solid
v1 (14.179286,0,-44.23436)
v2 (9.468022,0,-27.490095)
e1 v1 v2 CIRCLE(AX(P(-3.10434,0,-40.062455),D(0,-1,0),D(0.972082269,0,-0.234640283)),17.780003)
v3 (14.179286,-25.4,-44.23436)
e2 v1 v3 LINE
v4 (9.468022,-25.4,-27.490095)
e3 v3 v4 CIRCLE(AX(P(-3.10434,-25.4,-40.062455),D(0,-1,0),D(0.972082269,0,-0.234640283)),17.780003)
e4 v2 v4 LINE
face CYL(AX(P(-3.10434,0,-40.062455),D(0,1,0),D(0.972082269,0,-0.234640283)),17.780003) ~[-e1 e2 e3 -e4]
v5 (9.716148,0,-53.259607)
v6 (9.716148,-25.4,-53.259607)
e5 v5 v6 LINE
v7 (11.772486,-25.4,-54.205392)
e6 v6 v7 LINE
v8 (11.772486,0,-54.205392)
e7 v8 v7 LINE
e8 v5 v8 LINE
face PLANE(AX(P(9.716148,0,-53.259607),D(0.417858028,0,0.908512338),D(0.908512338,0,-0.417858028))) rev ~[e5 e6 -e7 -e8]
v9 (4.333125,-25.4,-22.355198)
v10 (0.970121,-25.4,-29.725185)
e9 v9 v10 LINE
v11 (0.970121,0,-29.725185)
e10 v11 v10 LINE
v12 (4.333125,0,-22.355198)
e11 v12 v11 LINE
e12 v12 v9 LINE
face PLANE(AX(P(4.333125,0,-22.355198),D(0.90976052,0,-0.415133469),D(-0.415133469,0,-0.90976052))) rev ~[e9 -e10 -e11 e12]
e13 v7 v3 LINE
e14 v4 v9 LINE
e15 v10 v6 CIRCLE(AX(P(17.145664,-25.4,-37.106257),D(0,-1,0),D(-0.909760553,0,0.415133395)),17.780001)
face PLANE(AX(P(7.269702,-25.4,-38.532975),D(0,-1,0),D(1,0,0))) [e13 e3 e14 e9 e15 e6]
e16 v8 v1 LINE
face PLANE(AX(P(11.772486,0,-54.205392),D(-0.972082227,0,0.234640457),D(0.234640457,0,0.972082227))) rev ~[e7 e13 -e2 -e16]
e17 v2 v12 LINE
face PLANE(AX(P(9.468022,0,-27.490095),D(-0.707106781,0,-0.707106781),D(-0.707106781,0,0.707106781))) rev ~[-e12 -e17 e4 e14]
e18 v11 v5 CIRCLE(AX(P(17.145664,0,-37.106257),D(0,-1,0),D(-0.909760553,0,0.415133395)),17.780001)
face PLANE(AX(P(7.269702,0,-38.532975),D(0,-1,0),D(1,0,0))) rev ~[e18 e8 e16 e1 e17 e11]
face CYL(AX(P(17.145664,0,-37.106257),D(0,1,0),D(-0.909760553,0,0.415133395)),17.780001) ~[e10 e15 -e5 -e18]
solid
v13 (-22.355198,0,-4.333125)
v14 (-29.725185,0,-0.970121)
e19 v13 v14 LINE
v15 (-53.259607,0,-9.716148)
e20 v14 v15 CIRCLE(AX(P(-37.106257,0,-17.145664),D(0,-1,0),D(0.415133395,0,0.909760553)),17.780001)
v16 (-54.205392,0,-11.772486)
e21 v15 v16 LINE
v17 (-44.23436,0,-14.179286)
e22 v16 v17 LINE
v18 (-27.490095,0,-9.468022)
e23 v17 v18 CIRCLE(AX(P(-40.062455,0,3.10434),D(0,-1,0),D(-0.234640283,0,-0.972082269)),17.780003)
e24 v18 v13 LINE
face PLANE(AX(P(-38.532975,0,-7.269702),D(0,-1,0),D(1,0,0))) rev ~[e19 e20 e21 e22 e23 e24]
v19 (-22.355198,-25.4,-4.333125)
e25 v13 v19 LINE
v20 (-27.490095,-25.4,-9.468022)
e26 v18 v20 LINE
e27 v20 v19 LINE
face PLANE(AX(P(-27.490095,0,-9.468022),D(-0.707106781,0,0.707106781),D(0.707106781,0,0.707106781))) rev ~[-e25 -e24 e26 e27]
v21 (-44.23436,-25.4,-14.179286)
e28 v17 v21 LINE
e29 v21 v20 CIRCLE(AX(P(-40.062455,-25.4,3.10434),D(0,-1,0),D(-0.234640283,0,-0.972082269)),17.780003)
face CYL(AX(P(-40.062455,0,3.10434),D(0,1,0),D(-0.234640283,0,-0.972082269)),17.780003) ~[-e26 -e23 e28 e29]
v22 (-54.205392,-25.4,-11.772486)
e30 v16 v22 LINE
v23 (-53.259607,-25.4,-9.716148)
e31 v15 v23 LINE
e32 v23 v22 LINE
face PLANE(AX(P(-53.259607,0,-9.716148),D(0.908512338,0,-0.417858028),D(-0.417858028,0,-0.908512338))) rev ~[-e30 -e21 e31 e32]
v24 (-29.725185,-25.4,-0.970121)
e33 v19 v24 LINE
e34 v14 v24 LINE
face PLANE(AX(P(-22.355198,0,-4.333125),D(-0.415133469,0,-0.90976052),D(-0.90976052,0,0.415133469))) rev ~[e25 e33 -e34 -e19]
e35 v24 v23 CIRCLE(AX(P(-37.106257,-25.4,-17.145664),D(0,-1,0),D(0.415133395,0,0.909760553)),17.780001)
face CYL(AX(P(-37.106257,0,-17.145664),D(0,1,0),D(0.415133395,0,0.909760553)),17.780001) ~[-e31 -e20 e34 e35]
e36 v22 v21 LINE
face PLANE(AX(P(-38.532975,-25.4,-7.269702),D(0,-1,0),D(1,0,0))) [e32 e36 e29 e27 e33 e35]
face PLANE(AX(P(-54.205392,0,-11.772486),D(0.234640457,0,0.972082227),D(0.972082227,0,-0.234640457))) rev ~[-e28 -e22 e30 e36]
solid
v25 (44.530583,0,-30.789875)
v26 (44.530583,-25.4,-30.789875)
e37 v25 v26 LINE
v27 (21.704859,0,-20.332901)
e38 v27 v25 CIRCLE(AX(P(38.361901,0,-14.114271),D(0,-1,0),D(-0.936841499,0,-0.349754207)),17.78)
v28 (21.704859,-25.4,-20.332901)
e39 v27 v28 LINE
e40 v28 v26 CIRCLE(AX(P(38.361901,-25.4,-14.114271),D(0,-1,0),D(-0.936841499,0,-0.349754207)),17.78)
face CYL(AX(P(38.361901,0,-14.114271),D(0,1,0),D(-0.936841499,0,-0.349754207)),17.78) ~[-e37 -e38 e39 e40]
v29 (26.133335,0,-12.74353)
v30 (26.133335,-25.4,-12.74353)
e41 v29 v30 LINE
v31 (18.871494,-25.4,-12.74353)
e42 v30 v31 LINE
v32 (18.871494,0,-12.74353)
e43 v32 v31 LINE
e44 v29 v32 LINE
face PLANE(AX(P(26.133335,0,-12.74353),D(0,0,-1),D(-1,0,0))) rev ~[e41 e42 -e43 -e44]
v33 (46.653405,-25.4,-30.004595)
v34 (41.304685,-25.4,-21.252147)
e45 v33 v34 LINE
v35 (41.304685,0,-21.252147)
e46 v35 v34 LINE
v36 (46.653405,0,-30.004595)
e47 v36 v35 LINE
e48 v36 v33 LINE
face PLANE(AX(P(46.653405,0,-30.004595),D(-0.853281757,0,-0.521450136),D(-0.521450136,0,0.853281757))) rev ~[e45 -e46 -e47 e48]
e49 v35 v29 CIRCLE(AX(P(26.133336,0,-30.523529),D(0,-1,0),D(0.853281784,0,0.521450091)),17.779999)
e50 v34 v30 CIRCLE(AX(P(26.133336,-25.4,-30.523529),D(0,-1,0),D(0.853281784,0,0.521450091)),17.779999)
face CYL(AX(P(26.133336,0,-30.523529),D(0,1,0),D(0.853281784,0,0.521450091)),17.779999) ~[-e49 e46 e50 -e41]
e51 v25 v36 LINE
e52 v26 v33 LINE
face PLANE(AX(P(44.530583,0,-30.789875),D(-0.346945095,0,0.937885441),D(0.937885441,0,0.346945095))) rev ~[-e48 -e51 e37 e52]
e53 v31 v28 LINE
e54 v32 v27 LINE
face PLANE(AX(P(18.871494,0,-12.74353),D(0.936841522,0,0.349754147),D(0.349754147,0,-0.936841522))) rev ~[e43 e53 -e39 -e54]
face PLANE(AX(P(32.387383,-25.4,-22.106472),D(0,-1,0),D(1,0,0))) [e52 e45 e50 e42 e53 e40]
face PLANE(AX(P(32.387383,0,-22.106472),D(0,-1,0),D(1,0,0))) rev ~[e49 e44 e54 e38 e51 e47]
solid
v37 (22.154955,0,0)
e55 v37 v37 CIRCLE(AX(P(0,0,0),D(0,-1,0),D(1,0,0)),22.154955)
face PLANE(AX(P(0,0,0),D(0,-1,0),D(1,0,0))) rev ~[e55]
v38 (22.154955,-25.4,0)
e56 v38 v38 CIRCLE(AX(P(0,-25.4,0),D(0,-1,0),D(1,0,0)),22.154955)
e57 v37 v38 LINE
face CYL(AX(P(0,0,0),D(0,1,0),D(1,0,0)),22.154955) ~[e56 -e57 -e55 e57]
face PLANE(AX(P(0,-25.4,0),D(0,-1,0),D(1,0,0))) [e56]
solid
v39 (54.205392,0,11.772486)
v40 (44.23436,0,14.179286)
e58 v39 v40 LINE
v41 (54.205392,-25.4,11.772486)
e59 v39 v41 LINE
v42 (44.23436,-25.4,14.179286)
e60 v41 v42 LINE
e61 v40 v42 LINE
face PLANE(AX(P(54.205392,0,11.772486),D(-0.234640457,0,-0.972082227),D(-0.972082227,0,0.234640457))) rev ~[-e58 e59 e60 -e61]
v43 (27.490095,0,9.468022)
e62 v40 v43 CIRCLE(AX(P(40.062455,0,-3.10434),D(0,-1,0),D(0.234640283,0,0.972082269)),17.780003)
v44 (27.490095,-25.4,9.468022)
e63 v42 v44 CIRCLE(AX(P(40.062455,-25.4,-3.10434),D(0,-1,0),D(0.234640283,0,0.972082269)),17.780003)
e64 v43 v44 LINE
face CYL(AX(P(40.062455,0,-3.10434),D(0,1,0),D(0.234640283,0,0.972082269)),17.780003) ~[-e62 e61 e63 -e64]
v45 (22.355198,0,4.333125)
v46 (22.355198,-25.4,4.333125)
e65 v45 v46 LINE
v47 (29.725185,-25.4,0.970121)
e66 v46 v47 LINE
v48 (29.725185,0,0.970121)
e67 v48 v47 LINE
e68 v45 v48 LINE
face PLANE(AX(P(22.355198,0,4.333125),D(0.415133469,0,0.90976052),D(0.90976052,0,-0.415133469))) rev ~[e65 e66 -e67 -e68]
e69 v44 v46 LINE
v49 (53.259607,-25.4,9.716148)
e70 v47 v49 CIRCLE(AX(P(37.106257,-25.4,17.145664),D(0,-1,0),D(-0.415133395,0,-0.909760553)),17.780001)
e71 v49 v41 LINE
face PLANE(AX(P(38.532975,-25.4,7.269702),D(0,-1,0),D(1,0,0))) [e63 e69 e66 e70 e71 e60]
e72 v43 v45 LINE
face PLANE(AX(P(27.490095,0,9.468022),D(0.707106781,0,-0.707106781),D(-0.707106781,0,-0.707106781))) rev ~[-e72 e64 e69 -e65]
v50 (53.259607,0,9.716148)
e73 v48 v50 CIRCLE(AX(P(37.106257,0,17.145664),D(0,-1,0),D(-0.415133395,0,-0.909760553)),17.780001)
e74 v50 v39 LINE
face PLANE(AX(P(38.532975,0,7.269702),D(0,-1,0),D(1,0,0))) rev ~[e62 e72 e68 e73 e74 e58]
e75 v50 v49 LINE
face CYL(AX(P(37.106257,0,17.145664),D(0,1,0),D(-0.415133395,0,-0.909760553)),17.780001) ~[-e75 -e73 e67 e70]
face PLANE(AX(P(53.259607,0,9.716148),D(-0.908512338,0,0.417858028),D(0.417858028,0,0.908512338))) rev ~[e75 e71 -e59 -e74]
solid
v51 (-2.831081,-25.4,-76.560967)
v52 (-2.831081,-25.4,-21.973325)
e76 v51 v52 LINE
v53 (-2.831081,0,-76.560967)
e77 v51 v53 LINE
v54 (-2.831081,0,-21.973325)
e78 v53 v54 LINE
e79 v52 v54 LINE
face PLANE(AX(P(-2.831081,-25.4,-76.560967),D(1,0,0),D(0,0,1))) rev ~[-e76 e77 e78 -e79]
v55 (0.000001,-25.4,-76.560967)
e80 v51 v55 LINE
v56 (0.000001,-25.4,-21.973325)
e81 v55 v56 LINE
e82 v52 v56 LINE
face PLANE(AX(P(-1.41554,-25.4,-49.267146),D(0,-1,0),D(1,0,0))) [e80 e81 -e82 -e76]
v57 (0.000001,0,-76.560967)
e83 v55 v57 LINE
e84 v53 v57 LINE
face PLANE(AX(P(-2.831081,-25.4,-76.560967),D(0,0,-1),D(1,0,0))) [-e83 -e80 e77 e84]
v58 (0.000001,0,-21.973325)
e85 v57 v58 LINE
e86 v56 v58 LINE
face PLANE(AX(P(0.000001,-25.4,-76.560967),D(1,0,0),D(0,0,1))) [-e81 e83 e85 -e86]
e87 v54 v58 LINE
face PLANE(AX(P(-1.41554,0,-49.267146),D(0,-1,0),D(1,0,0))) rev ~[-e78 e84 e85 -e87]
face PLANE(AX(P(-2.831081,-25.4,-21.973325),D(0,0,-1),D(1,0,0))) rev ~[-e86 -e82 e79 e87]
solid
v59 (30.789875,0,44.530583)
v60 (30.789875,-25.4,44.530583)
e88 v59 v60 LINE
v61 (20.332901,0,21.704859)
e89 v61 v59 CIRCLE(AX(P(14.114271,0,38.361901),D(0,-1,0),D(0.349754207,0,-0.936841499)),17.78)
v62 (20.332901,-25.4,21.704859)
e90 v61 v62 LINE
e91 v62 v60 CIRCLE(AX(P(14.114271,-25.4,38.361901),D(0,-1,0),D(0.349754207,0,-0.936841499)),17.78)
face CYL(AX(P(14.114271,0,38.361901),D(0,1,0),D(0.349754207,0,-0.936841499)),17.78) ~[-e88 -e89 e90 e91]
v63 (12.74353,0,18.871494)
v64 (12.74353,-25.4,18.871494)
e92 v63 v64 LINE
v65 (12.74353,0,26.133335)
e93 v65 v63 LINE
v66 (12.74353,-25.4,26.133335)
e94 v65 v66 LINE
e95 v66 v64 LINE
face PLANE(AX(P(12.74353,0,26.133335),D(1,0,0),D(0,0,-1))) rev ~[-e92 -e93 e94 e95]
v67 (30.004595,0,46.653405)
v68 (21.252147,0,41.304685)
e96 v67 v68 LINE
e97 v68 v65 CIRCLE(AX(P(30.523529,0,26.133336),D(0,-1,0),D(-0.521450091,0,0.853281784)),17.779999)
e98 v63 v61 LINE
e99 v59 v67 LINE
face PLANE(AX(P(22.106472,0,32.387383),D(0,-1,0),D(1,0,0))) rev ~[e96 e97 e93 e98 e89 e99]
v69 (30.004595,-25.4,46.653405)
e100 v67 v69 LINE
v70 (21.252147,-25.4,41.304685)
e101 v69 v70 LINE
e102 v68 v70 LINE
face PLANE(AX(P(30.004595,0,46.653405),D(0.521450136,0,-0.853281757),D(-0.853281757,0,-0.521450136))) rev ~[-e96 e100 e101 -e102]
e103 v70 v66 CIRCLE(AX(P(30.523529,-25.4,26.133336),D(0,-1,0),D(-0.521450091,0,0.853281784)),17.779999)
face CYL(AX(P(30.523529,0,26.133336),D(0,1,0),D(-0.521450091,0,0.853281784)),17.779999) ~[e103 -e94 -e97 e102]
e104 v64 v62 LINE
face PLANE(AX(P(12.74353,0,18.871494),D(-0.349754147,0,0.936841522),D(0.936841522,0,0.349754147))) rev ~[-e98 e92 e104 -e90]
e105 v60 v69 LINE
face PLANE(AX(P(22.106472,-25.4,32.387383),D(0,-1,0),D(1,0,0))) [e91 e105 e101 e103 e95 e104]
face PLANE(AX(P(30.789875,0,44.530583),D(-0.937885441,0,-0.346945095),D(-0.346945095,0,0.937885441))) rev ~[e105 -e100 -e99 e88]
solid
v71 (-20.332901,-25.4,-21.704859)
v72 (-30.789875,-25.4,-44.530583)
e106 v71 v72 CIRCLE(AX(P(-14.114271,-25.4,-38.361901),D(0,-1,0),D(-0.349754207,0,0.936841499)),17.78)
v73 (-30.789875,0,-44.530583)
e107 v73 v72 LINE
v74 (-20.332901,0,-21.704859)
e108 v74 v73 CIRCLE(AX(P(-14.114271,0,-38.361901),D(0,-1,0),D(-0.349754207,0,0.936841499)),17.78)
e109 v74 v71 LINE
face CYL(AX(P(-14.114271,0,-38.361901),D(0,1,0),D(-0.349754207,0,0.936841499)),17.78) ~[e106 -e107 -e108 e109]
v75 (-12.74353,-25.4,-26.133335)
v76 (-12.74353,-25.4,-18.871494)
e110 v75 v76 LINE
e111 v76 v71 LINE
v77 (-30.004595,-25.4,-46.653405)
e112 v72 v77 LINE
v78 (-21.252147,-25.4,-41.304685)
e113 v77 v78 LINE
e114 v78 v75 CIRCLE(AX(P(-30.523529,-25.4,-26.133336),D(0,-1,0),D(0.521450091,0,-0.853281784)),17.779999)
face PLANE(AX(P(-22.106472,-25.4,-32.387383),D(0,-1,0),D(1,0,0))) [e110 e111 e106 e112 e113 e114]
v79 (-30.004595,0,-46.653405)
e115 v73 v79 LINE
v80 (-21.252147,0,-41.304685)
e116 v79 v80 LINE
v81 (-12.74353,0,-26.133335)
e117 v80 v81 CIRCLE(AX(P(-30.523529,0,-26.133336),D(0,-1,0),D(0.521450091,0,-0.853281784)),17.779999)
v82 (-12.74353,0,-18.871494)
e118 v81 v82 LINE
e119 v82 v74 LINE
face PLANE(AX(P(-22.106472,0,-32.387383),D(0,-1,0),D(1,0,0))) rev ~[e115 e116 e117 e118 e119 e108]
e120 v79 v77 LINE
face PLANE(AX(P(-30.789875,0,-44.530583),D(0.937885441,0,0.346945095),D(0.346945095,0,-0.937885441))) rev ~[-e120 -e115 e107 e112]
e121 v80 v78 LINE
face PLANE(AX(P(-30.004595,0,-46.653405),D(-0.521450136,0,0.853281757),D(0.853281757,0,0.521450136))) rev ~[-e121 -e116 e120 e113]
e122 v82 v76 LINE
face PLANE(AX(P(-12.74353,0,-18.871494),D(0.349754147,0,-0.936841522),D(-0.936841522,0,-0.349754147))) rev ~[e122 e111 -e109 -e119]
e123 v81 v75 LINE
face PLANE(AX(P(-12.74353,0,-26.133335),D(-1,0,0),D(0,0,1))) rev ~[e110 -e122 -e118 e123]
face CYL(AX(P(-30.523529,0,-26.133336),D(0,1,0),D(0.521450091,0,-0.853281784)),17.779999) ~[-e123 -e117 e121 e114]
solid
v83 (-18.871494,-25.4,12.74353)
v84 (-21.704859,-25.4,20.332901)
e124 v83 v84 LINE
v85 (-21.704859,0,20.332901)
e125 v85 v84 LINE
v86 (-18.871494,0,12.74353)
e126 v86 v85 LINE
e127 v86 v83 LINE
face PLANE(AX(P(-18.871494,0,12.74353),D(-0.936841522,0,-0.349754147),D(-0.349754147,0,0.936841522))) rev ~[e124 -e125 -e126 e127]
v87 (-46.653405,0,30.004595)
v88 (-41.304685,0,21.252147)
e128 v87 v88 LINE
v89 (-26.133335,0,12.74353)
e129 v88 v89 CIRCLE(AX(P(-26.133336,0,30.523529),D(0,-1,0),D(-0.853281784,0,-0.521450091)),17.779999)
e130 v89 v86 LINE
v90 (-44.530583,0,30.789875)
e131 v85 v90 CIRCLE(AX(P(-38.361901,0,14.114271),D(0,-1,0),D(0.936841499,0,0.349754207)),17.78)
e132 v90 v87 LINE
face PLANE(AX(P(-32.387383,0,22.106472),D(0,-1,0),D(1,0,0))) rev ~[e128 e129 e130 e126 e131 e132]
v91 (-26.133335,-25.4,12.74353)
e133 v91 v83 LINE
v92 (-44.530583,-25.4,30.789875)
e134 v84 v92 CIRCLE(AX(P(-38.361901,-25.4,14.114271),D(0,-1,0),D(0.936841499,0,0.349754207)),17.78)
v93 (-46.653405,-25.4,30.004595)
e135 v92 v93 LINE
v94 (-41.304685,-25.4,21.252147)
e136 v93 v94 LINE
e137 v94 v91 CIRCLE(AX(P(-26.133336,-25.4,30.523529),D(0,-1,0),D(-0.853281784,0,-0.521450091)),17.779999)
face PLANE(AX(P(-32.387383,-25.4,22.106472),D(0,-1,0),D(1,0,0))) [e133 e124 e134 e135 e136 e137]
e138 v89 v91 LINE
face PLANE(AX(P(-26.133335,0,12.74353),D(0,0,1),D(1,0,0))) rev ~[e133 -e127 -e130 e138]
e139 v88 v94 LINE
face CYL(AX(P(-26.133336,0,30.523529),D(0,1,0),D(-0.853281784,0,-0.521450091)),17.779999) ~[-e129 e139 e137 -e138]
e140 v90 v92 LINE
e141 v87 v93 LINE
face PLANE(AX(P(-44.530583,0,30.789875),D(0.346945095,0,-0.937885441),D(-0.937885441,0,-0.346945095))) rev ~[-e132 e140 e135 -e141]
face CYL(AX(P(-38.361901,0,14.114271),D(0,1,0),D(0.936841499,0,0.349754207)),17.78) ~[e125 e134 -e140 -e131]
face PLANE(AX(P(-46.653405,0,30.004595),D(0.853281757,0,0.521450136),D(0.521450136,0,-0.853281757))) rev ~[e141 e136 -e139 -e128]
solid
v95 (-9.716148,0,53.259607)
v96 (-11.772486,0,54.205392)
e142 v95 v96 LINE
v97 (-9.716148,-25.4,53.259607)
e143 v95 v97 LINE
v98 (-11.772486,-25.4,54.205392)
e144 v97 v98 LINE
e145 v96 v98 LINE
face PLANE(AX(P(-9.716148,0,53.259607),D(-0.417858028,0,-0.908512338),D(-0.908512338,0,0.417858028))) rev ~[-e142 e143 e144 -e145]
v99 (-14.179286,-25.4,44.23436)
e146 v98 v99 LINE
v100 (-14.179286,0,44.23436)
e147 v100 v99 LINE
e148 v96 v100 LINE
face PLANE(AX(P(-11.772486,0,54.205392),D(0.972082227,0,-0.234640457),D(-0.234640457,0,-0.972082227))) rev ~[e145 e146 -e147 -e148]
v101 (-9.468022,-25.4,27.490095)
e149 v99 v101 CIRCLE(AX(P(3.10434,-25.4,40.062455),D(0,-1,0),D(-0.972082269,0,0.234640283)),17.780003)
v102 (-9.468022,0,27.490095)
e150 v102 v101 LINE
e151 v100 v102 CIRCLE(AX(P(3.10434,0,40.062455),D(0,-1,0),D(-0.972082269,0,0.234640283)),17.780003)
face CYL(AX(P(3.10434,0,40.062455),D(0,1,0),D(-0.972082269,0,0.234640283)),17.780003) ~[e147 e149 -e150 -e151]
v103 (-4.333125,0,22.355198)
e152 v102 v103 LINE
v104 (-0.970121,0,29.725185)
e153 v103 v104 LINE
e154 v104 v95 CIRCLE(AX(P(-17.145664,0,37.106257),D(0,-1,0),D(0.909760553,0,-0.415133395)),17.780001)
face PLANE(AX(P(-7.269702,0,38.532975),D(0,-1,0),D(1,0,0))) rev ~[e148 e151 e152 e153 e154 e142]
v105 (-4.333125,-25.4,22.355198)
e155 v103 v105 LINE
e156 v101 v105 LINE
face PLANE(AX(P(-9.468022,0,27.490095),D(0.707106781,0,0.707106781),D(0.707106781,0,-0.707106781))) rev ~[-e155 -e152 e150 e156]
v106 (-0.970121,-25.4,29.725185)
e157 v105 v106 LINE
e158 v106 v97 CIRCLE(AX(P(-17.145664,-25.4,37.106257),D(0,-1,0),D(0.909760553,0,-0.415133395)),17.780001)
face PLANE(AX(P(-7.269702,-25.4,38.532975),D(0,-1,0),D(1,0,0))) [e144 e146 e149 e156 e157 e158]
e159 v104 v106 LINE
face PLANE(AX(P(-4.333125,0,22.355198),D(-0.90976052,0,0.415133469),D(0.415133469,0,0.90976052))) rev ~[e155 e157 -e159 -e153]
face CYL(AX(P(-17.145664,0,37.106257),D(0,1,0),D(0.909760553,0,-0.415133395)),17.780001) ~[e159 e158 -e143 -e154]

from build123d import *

# Parameters (mm, degrees)
F0_R     = 22.154955
F2_DEPTH = 25.4
F3_W     = 2.831081
F3_H     = 54.587642
F4_DEPTH = 25.4


with BuildPart() as f2:
    # F1 (on face) + F0 (on Front) → F2 (new body)
    with BuildSketch(Plane.XZ):
        with BuildLine():
            Line((12.74353, 26.133335), (12.74353, 18.871494))
            Line((12.74353, 18.871494), (20.332901, 21.704859))
            ThreePointArc((20.332901, 21.704859), (30.278735, 30.956598), (30.789875, 44.530583))
            Line((30.789875, 44.530583), (30.004595, 46.653405))
            Line((30.004595, 46.653405), (21.252147, 41.304685))
            ThreePointArc((21.252147, 41.304685), (15.015893, 34.830553), (12.74353, 26.133335))
        make_face()
        with BuildLine():
            Line((-9.716148, 53.259607), (-11.772486, 54.205392))
            Line((-11.772486, 54.205392), (-14.179286, 44.23436))
            ThreePointArc((-14.179286, 44.23436), (-14.01108, 35.24676), (-9.468022, 27.490095))
            Line((-9.468022, 27.490095), (-4.333125, 22.355198))
            Line((-4.333125, 22.355198), (-0.970121, 29.725185))
            ThreePointArc((-0.970121, 29.725185), (-0.479322, 43.29992), (-9.716148, 53.259607))
        make_face()
        with BuildLine():
            Line((-44.530583, 30.789875), (-46.653405, 30.004595))
            Line((-46.653405, 30.004595), (-41.304685, 21.252147))
            ThreePointArc((-41.304685, 21.252147), (-34.830553, 15.015893), (-26.133335, 12.74353))
            Line((-26.133335, 12.74353), (-18.871494, 12.74353))
            Line((-18.871494, 12.74353), (-21.704859, 20.332901))
            ThreePointArc((-21.704859, 20.332901), (-30.956598, 30.278735), (-44.530583, 30.789875))
        make_face()
        with BuildLine():
            Line((53.259607, 9.716148), (54.205392, 11.772486))
            Line((54.205392, 11.772486), (44.23436, 14.179286))
            ThreePointArc((44.23436, 14.179286), (35.24676, 14.01108), (27.490095, 9.468022))
            Line((27.490095, 9.468022), (22.355198, 4.333125))
            Line((22.355198, 4.333125), (29.725185, 0.970121))
            ThreePointArc((29.725185, 0.970121), (43.29992, 0.479322), (53.259607, 9.716148))
        make_face()
        with BuildLine():
            Line((44.530583, -30.789875), (46.653405, -30.004595))
            Line((46.653405, -30.004595), (41.304685, -21.252147))
            ThreePointArc((41.304685, -21.252147), (34.830553, -15.015893), (26.133335, -12.74353))
            Line((26.133335, -12.74353), (18.871494, -12.74353))
            Line((18.871494, -12.74353), (21.704859, -20.332901))
            ThreePointArc((21.704859, -20.332901), (30.956598, -30.278735), (44.530583, -30.789875))
        make_face()
        with BuildLine():
            Line((9.716148, -53.259607), (11.772486, -54.205392))
            Line((11.772486, -54.205392), (14.179286, -44.23436))
            ThreePointArc((14.179286, -44.23436), (14.01108, -35.24676), (9.468022, -27.490095))
            Line((9.468022, -27.490095), (4.333125, -22.355198))
            Line((4.333125, -22.355198), (0.970121, -29.725185))
            ThreePointArc((0.970121, -29.725185), (0.479322, -43.29992), (9.716148, -53.259607))
        make_face()
        with BuildLine():
            Line((-30.789875, -44.530583), (-30.004595, -46.653405))
            Line((-30.004595, -46.653405), (-21.252147, -41.304685))
            ThreePointArc((-21.252147, -41.304685), (-15.015893, -34.830553), (-12.74353, -26.133335))
            Line((-12.74353, -26.133335), (-12.74353, -18.871494))
            Line((-12.74353, -18.871494), (-20.332901, -21.704859))
            ThreePointArc((-20.332901, -21.704859), (-30.278735, -30.956598), (-30.789875, -44.530583))
        make_face()
        with BuildLine():
            Line((-53.259607, -9.716148), (-54.205392, -11.772486))
            Line((-54.205392, -11.772486), (-44.23436, -14.179286))
            ThreePointArc((-44.23436, -14.179286), (-35.24676, -14.01108), (-27.490095, -9.468022))
            Line((-27.490095, -9.468022), (-22.355198, -4.333125))
            Line((-22.355198, -4.333125), (-29.725185, -0.970121))
            ThreePointArc((-29.725185, -0.970121), (-43.29992, -0.479322), (-53.259607, -9.716148))
        make_face()
    with BuildSketch(Plane.XZ):
        Circle(F0_R)
    extrude(amount=F2_DEPTH)


with BuildPart() as f4:
    # F3 (on face) → F4 (new body)
    with BuildSketch(Plane.XZ.offset(25.4)):
        with Locations((-1.41554, -49.267146)):
            Rectangle(F3_W, F3_H)
    extrude(amount=-F4_DEPTH)


solid = Compound([f2.part, f4.part])
